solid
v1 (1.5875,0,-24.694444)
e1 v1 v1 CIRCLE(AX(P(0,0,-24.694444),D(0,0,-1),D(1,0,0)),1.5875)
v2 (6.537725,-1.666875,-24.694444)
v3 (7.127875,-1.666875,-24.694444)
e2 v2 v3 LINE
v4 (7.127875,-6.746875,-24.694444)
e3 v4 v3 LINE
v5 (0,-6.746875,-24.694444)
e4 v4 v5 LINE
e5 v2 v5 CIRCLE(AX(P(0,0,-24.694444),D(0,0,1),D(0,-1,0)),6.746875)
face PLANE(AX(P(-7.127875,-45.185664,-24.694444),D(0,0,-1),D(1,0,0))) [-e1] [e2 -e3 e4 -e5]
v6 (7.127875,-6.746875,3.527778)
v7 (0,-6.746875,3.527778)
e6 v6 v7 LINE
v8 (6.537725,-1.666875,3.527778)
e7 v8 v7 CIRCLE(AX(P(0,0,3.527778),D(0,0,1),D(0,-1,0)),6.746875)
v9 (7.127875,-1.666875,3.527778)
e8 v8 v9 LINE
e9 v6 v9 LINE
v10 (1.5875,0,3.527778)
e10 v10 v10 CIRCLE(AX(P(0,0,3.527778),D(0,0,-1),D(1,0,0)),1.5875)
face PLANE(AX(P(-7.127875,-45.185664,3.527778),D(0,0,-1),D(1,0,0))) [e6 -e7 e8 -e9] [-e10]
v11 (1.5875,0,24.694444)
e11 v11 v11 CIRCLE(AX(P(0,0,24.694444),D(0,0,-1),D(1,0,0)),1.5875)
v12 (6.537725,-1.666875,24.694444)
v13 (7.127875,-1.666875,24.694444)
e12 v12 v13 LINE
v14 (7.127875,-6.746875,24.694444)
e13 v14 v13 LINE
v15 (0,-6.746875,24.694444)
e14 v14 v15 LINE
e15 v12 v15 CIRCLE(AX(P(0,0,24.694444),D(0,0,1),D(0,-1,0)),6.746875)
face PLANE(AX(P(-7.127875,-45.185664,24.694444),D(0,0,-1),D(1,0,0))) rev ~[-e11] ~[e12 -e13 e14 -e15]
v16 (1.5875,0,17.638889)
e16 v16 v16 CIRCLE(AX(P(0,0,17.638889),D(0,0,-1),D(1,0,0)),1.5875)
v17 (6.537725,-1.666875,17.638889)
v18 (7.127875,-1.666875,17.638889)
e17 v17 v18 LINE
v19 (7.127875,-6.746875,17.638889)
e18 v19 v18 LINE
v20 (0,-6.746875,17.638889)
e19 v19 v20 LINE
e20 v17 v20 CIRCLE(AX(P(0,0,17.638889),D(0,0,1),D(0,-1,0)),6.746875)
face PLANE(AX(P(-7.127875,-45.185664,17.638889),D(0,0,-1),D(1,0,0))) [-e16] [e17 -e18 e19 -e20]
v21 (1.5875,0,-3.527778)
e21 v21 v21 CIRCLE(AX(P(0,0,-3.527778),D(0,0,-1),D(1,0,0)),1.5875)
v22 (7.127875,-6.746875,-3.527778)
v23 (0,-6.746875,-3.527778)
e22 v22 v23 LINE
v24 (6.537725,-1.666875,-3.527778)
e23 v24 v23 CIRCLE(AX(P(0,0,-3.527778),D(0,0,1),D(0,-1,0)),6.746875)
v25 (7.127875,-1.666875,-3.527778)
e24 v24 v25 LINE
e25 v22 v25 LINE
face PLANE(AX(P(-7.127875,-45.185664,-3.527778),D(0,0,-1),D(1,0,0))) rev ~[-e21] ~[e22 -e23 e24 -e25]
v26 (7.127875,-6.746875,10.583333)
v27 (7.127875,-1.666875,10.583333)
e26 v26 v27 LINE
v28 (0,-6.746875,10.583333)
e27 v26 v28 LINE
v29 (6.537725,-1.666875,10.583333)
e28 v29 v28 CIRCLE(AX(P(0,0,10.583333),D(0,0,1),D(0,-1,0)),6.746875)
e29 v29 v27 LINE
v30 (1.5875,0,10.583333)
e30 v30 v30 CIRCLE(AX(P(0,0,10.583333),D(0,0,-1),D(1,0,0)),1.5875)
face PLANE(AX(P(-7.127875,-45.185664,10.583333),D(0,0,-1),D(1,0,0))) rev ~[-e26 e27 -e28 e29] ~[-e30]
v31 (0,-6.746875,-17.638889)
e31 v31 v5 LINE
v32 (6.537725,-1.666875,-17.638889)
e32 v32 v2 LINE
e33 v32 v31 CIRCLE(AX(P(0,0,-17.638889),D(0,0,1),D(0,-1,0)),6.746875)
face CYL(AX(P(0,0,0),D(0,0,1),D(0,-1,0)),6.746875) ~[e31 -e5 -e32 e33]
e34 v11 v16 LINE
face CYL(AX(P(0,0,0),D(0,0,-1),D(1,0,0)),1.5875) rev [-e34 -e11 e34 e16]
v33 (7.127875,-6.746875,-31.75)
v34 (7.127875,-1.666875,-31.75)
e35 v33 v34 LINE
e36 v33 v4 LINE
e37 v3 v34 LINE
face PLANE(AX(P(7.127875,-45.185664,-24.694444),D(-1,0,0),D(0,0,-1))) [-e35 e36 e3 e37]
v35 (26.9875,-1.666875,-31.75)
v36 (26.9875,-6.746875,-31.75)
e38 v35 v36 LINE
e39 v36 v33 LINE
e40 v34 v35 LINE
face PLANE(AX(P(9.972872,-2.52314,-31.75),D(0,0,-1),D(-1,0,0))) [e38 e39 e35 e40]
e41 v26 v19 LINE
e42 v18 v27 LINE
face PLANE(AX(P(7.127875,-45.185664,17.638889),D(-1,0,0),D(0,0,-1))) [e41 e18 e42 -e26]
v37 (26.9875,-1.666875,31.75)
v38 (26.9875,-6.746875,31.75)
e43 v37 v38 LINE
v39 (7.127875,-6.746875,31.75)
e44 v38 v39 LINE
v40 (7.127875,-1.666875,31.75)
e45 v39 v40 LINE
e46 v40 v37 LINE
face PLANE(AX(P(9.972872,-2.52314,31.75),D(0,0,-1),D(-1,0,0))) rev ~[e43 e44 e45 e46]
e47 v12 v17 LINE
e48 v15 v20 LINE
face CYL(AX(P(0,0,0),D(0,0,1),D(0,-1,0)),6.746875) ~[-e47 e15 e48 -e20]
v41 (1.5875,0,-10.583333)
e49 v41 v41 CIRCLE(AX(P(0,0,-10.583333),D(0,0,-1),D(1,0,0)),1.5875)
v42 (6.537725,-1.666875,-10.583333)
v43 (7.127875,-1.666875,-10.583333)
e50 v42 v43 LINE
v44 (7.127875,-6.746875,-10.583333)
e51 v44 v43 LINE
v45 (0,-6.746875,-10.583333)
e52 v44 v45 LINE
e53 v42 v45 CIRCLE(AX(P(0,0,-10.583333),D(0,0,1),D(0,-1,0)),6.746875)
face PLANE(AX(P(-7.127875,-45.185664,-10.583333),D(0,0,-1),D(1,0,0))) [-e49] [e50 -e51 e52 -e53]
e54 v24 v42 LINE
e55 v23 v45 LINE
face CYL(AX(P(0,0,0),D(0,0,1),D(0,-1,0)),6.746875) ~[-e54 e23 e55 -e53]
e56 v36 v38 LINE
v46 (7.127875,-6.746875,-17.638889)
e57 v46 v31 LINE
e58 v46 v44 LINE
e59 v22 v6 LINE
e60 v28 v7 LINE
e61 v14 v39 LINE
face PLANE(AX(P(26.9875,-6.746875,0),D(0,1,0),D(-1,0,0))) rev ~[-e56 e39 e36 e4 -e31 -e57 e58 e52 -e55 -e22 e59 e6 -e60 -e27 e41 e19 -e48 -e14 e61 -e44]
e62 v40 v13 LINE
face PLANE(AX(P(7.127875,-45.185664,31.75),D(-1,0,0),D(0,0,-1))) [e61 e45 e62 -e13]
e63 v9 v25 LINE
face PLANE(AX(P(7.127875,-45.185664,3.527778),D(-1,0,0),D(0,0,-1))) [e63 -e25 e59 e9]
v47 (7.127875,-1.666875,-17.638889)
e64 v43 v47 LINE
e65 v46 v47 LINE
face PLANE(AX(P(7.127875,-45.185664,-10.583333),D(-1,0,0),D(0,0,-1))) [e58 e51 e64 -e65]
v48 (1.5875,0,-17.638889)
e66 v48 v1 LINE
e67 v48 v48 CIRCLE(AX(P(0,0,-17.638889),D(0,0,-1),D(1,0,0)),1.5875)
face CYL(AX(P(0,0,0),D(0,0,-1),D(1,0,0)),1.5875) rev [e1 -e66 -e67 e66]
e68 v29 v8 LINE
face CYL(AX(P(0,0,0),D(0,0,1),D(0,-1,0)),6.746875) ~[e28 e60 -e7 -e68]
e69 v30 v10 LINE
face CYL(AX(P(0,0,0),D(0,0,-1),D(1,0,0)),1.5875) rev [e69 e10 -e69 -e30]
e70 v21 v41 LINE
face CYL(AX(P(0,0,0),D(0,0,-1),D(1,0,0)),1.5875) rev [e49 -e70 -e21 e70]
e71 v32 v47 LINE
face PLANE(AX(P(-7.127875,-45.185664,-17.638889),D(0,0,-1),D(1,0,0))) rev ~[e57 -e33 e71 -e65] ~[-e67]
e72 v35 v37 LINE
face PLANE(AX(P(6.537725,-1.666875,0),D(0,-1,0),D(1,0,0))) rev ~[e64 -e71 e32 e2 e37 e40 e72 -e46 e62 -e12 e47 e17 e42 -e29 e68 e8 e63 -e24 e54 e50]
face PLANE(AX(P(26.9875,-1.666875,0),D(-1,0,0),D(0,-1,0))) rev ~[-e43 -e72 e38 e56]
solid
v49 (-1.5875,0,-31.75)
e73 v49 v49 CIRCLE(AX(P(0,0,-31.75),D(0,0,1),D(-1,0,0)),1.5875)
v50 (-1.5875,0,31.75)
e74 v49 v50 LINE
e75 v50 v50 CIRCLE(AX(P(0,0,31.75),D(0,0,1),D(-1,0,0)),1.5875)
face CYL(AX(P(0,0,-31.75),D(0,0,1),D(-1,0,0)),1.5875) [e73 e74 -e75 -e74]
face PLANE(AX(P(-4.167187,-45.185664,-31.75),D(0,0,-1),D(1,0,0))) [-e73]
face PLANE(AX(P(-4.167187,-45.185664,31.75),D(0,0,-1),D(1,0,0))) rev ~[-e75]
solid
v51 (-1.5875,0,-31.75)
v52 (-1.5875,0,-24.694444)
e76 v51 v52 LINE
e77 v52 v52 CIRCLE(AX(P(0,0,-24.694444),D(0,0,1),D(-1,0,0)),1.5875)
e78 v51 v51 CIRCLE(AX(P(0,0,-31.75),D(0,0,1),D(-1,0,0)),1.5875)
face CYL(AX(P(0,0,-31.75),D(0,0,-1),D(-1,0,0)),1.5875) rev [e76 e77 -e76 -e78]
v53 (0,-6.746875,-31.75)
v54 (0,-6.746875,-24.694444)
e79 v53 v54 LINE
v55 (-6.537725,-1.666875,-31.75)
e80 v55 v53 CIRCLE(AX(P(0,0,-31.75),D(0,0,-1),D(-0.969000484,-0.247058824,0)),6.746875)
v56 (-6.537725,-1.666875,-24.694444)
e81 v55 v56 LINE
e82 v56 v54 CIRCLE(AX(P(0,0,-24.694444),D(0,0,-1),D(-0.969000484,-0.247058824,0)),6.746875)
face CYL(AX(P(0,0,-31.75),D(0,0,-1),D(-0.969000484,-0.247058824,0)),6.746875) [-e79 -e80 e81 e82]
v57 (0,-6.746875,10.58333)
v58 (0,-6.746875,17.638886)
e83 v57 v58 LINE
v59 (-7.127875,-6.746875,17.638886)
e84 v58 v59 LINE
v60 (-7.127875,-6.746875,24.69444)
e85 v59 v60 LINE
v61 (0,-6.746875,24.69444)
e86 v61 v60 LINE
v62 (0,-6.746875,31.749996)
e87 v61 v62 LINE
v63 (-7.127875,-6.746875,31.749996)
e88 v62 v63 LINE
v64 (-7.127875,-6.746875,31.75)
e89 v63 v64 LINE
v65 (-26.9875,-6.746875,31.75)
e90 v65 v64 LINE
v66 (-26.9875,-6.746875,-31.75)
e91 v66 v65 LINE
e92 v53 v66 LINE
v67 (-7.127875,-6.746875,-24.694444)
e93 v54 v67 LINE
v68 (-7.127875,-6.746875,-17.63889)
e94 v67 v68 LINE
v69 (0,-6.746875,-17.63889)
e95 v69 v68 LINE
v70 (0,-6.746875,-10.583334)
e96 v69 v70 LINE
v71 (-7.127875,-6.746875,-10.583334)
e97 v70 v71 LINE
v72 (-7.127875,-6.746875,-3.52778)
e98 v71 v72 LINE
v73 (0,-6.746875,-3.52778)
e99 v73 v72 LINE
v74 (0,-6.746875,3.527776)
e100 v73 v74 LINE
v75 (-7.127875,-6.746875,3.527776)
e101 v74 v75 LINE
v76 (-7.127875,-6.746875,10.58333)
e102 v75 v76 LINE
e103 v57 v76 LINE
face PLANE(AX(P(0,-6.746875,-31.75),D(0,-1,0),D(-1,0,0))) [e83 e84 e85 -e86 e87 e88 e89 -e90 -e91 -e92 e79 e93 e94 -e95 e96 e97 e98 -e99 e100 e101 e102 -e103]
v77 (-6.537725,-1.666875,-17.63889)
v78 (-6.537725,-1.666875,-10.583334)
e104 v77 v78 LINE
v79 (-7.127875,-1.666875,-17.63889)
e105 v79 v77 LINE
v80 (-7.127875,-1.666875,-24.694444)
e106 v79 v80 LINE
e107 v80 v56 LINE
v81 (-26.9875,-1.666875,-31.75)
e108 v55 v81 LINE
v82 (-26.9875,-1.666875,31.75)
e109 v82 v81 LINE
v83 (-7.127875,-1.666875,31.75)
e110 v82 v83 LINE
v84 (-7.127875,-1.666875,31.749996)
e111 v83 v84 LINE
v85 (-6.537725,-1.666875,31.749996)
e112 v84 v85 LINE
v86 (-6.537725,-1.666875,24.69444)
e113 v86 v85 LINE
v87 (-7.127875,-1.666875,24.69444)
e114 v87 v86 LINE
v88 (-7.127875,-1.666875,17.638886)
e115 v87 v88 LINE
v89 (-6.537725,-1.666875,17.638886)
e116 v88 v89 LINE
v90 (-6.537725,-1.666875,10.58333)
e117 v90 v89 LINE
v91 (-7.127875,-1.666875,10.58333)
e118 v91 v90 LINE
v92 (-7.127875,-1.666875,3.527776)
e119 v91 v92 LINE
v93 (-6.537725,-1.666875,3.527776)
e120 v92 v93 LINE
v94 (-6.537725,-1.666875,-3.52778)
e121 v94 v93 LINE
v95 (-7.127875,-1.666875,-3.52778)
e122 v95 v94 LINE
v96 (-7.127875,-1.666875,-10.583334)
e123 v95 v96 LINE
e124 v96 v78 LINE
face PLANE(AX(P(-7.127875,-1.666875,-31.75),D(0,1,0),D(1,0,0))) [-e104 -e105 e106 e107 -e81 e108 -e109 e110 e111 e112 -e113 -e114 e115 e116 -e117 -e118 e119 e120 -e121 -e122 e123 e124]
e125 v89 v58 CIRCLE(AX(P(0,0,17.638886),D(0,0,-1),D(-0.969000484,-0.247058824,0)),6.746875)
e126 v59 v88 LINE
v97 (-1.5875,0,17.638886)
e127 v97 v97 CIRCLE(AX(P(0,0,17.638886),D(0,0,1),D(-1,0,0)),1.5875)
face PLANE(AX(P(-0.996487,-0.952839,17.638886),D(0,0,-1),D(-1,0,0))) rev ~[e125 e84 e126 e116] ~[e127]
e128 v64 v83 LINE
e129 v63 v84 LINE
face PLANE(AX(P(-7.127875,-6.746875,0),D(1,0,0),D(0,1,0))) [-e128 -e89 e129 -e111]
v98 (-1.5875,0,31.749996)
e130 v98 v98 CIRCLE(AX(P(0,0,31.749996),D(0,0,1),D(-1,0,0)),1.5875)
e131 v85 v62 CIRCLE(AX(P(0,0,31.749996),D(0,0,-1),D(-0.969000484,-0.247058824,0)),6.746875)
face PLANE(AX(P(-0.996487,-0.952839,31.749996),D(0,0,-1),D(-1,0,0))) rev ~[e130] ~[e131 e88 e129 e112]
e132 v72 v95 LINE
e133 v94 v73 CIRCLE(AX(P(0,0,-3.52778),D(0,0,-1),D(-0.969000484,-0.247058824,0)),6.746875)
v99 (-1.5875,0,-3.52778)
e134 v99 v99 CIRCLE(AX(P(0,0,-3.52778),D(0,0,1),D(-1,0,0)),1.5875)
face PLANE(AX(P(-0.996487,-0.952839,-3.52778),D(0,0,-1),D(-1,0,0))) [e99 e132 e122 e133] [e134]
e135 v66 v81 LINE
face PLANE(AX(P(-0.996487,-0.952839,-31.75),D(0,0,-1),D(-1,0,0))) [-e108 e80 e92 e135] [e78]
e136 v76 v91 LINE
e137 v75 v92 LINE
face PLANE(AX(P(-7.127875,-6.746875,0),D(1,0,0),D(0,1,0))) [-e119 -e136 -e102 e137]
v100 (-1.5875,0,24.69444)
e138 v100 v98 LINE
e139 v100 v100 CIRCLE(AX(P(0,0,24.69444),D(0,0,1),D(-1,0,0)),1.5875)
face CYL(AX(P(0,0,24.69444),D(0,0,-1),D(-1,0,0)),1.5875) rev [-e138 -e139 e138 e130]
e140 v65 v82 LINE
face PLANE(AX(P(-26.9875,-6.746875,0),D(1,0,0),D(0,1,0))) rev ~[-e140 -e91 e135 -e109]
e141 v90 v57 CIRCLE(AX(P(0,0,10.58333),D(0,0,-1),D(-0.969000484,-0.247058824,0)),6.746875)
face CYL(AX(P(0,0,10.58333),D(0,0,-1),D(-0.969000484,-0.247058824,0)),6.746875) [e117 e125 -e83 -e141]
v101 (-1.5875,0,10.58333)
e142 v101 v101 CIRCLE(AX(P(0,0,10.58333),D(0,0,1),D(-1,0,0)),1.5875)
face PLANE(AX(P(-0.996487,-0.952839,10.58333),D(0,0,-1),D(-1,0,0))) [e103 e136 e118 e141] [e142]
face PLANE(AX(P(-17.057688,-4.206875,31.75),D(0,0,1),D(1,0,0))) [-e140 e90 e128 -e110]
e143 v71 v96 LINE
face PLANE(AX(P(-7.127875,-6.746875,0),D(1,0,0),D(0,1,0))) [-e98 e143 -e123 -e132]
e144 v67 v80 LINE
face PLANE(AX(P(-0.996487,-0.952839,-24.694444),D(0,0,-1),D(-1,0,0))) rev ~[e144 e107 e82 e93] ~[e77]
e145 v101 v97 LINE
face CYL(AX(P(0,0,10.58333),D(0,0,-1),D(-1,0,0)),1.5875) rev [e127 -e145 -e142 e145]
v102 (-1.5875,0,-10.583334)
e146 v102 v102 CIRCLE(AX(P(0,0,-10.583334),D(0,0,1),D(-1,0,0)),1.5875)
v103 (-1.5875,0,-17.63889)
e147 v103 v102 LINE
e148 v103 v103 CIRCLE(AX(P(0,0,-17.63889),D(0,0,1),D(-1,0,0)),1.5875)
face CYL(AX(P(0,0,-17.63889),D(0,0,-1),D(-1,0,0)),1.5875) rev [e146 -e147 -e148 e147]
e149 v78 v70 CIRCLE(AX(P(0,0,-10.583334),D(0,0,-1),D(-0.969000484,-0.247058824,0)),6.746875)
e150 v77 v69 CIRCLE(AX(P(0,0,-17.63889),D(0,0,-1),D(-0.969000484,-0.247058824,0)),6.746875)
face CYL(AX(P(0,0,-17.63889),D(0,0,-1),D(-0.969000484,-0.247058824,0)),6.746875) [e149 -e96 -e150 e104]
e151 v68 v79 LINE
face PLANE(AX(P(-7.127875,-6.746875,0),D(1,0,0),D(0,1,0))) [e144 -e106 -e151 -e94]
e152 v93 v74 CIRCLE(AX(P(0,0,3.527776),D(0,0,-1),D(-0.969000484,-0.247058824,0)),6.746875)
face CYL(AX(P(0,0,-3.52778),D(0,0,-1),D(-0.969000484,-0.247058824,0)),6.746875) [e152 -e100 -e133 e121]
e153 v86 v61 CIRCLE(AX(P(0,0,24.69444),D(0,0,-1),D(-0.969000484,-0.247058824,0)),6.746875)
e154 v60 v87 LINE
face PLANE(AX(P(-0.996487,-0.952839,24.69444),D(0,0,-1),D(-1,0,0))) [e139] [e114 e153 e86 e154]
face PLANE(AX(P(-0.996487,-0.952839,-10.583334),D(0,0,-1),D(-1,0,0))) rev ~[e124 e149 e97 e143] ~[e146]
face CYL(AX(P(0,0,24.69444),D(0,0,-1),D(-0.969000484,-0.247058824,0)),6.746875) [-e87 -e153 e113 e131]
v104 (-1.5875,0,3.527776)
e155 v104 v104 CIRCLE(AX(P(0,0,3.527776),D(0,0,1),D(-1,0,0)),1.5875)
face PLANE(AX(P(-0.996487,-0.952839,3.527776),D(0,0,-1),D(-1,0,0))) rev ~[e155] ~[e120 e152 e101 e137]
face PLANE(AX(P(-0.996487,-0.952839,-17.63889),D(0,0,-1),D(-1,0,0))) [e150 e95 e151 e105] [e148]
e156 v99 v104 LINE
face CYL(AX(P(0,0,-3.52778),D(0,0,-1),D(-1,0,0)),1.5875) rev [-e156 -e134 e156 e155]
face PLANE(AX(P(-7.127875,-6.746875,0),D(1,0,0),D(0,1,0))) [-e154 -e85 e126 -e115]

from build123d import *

# Parameters (mm, degrees)
SKETCH1_R               = 1.5875
EXTRUDE1_DEPTH          = 31.75
SKETCH1_W               = 19.859625
SKETCH1_H               = 5.08
EXTRUDE1_2_DEPTH        = 31.75
EXTRUDE24_DEPTH         = 45.185664218
EXTRUDE24_DEPTH_BACK    = 45.185664218
SKETCH20_W              = 14.25575
SKETCH20_H              = 7.055555556
SKETCH21_R              = 1.5875
EXTRUDE25_DEPTH         = 7.055555556
EXTRUDE26_START         = 14.11111
SKETCH21_2_R            = 1.5875
EXTRUDE26_DEPTH         = 7.055555556
EXTRUDE27_START         = 28.22222
SKETCH21_3_R            = 1.5875
EXTRUDE27_DEPTH         = 7.055555556
EXTRUDE28_START         = 42.33333
SKETCH21_4_R            = 1.5875
EXTRUDE28_DEPTH         = 7.055555556
EXTRUDE29_START         = 56.44444
SKETCH21_5_R            = 1.5875
EXTRUDE29_DEPTH         = 7.055555556
CUT_EXTRUDE2_DEPTH      = 45.185664218
CUT_EXTRUDE2_DEPTH_BACK = 45.185664218
SKETCH22_W              = 8.334375
SKETCH22_H              = 2.5796875


with BuildPart() as part:
    # Sketch1 → Extrude1 (new, symmetric)
    with BuildSketch(Plane.XY):
        with BuildLine():
            Line((26.9875, -6.746875), (0, -6.746875))
            ThreePointArc((0, -6.746875), (-4.139693527, 5.327594182), (6.53772514, -1.666875))
            Line((6.53772514, -1.666875), (26.9875, -1.666875))
            Line((26.9875, -1.666875), (26.9875, -6.746875))
        make_face()
        Circle(SKETCH1_R, mode=Mode.SUBTRACT)
    extrude(amount=EXTRUDE1_DEPTH, both=True)

    # Sketch20 → Extrude24 (cut, two sides: drawn at the far end of the back side and taken through both)
    with BuildSketch(Plane(origin=(0, 0, 0), x_dir=(1, 0, 0), z_dir=(0, 1, 0)).offset(-EXTRUDE24_DEPTH_BACK)):
        with Locations((0, 28.222222222)):
            Rectangle(SKETCH20_W, SKETCH20_H)
        with Locations((0, 14.111111111)):
            Rectangle(SKETCH20_W, SKETCH20_H)
        Rectangle(SKETCH20_W, SKETCH20_H)
        with Locations((0, -14.111111111)):
            Rectangle(SKETCH20_W, SKETCH20_H)
        with Locations((0, -28.222222222)):
            Rectangle(SKETCH20_W, SKETCH20_H)
    extrude(amount=EXTRUDE24_DEPTH + EXTRUDE24_DEPTH_BACK, mode=Mode.SUBTRACT)


with BuildPart() as body_2:
    # Sketch1 → Extrude1 2 (new, symmetric)
    with BuildSketch(Plane.XY):
        with Locations((-17.0576875, -4.206875)):
            Rectangle(SKETCH1_W, SKETCH1_H)
    extrude(amount=EXTRUDE1_2_DEPTH, both=True)

    # Sketch21 → Extrude25 (add)
    with BuildSketch(Plane.XY.offset(-31.75)):
        with BuildLine():
            Line((-7.127875, -1.666875), (-6.53772514, -1.666875))
            ThreePointArc((-6.53772514, -1.666875), (4.139693527, 5.327594182), (0, -6.746875))
            Line((0, -6.746875), (-7.127875, -6.746875))
            Line((-7.127875, -6.746875), (-7.127875, -1.666875))
        make_face()
        with Locations(Location((0, 0, 0), (0, 0, 180))):
            Circle(SKETCH21_R, mode=Mode.SUBTRACT)
    extrude(amount=EXTRUDE25_DEPTH)

    # Sketch21<2> → Extrude26 (add)
    with BuildSketch(Plane.XY.offset(-31.75).offset(EXTRUDE26_START)):
        with BuildLine():
            Line((-7.127875, -1.666875), (-6.53772514, -1.666875))
            ThreePointArc((-6.53772514, -1.666875), (4.139693527, 5.327594182), (0, -6.746875))
            Line((0, -6.746875), (-7.127875, -6.746875))
            Line((-7.127875, -6.746875), (-7.127875, -1.666875))
        make_face()
        with Locations(Location((0, 0, 0), (0, 0, 180))):
            Circle(SKETCH21_2_R, mode=Mode.SUBTRACT)
    extrude(amount=EXTRUDE26_DEPTH)

    # Sketch21<3> → Extrude27 (add)
    with BuildSketch(Plane.XY.offset(-31.75).offset(EXTRUDE27_START)):
        with BuildLine():
            Line((-7.127875, -1.666875), (-6.53772514, -1.666875))
            ThreePointArc((-6.53772514, -1.666875), (4.139693527, 5.327594182), (0, -6.746875))
            Line((0, -6.746875), (-7.127875, -6.746875))
            Line((-7.127875, -6.746875), (-7.127875, -1.666875))
        make_face()
        with Locations(Location((0, 0, 0), (0, 0, 180))):
            Circle(SKETCH21_3_R, mode=Mode.SUBTRACT)
    extrude(amount=EXTRUDE27_DEPTH)

    # Sketch21<4> → Extrude28 (add)
    with BuildSketch(Plane.XY.offset(-31.75).offset(EXTRUDE28_START)):
        with BuildLine():
            Line((-7.127875, -1.666875), (-6.53772514, -1.666875))
            ThreePointArc((-6.53772514, -1.666875), (4.139693527, 5.327594182), (0, -6.746875))
            Line((0, -6.746875), (-7.127875, -6.746875))
            Line((-7.127875, -6.746875), (-7.127875, -1.666875))
        make_face()
        with Locations(Location((0, 0, 0), (0, 0, 180))):
            Circle(SKETCH21_4_R, mode=Mode.SUBTRACT)
    extrude(amount=EXTRUDE28_DEPTH)

    # Sketch21<5> → Extrude29 (add)
    with BuildSketch(Plane.XY.offset(-31.75).offset(EXTRUDE29_START)):
        with BuildLine():
            Line((-7.127875, -1.666875), (-6.53772514, -1.666875))
            ThreePointArc((-6.53772514, -1.666875), (4.139693527, 5.327594182), (0, -6.746875))
            Line((0, -6.746875), (-7.127875, -6.746875))
            Line((-7.127875, -6.746875), (-7.127875, -1.666875))
        make_face()
        with Locations(Location((0, 0, 0), (0, 0, 180))):
            Circle(SKETCH21_5_R, mode=Mode.SUBTRACT)
    extrude(amount=EXTRUDE29_DEPTH)


with BuildPart() as body_3:
    # Sketch6 → Revolve1 (revolve)
    with BuildSketch(Plane(origin=(0, 0, 0), x_dir=(1, 0, 0), z_dir=(0, 1, 0))):
        with BuildLine():
            Line((-4.1671875, 31.75), (-1.5875, 31.75))
            Line((-1.5875, 31.75), (-1.5875, -31.75))
            Line((-1.5875, -31.75), (-4.1671875, -31.75))
            ThreePointArc((-4.1671875, -31.75), (-2.450522355, -33.632574574), (0, -34.3296875))
            Line((0, -34.3296875), (0, 34.3296875))
            ThreePointArc((0, 34.3296875), (-2.450522355, 33.632574574), (-4.1671875, 31.75))
        make_face()
    revolve(axis=Axis((0, 0, -34.3296875), (0, 0, 1)))

    # Sketch22 → Cut-Extrude2 (cut, two sides: drawn at the far end of the back side and taken through both)
    with BuildSketch(Plane(origin=(0, 0, 0), x_dir=(1, 0, 0), z_dir=(0, 1, 0)).offset(-CUT_EXTRUDE2_DEPTH_BACK)):
        with Locations((0, 33.03984375)):
            Rectangle(SKETCH22_W, SKETCH22_H)
        with Locations((0, -33.03984375)):
            Rectangle(SKETCH22_W, SKETCH22_H)
    extrude(amount=CUT_EXTRUDE2_DEPTH + CUT_EXTRUDE2_DEPTH_BACK, mode=Mode.SUBTRACT)


solid = Compound([part.part, body_2.part, body_3.part])
